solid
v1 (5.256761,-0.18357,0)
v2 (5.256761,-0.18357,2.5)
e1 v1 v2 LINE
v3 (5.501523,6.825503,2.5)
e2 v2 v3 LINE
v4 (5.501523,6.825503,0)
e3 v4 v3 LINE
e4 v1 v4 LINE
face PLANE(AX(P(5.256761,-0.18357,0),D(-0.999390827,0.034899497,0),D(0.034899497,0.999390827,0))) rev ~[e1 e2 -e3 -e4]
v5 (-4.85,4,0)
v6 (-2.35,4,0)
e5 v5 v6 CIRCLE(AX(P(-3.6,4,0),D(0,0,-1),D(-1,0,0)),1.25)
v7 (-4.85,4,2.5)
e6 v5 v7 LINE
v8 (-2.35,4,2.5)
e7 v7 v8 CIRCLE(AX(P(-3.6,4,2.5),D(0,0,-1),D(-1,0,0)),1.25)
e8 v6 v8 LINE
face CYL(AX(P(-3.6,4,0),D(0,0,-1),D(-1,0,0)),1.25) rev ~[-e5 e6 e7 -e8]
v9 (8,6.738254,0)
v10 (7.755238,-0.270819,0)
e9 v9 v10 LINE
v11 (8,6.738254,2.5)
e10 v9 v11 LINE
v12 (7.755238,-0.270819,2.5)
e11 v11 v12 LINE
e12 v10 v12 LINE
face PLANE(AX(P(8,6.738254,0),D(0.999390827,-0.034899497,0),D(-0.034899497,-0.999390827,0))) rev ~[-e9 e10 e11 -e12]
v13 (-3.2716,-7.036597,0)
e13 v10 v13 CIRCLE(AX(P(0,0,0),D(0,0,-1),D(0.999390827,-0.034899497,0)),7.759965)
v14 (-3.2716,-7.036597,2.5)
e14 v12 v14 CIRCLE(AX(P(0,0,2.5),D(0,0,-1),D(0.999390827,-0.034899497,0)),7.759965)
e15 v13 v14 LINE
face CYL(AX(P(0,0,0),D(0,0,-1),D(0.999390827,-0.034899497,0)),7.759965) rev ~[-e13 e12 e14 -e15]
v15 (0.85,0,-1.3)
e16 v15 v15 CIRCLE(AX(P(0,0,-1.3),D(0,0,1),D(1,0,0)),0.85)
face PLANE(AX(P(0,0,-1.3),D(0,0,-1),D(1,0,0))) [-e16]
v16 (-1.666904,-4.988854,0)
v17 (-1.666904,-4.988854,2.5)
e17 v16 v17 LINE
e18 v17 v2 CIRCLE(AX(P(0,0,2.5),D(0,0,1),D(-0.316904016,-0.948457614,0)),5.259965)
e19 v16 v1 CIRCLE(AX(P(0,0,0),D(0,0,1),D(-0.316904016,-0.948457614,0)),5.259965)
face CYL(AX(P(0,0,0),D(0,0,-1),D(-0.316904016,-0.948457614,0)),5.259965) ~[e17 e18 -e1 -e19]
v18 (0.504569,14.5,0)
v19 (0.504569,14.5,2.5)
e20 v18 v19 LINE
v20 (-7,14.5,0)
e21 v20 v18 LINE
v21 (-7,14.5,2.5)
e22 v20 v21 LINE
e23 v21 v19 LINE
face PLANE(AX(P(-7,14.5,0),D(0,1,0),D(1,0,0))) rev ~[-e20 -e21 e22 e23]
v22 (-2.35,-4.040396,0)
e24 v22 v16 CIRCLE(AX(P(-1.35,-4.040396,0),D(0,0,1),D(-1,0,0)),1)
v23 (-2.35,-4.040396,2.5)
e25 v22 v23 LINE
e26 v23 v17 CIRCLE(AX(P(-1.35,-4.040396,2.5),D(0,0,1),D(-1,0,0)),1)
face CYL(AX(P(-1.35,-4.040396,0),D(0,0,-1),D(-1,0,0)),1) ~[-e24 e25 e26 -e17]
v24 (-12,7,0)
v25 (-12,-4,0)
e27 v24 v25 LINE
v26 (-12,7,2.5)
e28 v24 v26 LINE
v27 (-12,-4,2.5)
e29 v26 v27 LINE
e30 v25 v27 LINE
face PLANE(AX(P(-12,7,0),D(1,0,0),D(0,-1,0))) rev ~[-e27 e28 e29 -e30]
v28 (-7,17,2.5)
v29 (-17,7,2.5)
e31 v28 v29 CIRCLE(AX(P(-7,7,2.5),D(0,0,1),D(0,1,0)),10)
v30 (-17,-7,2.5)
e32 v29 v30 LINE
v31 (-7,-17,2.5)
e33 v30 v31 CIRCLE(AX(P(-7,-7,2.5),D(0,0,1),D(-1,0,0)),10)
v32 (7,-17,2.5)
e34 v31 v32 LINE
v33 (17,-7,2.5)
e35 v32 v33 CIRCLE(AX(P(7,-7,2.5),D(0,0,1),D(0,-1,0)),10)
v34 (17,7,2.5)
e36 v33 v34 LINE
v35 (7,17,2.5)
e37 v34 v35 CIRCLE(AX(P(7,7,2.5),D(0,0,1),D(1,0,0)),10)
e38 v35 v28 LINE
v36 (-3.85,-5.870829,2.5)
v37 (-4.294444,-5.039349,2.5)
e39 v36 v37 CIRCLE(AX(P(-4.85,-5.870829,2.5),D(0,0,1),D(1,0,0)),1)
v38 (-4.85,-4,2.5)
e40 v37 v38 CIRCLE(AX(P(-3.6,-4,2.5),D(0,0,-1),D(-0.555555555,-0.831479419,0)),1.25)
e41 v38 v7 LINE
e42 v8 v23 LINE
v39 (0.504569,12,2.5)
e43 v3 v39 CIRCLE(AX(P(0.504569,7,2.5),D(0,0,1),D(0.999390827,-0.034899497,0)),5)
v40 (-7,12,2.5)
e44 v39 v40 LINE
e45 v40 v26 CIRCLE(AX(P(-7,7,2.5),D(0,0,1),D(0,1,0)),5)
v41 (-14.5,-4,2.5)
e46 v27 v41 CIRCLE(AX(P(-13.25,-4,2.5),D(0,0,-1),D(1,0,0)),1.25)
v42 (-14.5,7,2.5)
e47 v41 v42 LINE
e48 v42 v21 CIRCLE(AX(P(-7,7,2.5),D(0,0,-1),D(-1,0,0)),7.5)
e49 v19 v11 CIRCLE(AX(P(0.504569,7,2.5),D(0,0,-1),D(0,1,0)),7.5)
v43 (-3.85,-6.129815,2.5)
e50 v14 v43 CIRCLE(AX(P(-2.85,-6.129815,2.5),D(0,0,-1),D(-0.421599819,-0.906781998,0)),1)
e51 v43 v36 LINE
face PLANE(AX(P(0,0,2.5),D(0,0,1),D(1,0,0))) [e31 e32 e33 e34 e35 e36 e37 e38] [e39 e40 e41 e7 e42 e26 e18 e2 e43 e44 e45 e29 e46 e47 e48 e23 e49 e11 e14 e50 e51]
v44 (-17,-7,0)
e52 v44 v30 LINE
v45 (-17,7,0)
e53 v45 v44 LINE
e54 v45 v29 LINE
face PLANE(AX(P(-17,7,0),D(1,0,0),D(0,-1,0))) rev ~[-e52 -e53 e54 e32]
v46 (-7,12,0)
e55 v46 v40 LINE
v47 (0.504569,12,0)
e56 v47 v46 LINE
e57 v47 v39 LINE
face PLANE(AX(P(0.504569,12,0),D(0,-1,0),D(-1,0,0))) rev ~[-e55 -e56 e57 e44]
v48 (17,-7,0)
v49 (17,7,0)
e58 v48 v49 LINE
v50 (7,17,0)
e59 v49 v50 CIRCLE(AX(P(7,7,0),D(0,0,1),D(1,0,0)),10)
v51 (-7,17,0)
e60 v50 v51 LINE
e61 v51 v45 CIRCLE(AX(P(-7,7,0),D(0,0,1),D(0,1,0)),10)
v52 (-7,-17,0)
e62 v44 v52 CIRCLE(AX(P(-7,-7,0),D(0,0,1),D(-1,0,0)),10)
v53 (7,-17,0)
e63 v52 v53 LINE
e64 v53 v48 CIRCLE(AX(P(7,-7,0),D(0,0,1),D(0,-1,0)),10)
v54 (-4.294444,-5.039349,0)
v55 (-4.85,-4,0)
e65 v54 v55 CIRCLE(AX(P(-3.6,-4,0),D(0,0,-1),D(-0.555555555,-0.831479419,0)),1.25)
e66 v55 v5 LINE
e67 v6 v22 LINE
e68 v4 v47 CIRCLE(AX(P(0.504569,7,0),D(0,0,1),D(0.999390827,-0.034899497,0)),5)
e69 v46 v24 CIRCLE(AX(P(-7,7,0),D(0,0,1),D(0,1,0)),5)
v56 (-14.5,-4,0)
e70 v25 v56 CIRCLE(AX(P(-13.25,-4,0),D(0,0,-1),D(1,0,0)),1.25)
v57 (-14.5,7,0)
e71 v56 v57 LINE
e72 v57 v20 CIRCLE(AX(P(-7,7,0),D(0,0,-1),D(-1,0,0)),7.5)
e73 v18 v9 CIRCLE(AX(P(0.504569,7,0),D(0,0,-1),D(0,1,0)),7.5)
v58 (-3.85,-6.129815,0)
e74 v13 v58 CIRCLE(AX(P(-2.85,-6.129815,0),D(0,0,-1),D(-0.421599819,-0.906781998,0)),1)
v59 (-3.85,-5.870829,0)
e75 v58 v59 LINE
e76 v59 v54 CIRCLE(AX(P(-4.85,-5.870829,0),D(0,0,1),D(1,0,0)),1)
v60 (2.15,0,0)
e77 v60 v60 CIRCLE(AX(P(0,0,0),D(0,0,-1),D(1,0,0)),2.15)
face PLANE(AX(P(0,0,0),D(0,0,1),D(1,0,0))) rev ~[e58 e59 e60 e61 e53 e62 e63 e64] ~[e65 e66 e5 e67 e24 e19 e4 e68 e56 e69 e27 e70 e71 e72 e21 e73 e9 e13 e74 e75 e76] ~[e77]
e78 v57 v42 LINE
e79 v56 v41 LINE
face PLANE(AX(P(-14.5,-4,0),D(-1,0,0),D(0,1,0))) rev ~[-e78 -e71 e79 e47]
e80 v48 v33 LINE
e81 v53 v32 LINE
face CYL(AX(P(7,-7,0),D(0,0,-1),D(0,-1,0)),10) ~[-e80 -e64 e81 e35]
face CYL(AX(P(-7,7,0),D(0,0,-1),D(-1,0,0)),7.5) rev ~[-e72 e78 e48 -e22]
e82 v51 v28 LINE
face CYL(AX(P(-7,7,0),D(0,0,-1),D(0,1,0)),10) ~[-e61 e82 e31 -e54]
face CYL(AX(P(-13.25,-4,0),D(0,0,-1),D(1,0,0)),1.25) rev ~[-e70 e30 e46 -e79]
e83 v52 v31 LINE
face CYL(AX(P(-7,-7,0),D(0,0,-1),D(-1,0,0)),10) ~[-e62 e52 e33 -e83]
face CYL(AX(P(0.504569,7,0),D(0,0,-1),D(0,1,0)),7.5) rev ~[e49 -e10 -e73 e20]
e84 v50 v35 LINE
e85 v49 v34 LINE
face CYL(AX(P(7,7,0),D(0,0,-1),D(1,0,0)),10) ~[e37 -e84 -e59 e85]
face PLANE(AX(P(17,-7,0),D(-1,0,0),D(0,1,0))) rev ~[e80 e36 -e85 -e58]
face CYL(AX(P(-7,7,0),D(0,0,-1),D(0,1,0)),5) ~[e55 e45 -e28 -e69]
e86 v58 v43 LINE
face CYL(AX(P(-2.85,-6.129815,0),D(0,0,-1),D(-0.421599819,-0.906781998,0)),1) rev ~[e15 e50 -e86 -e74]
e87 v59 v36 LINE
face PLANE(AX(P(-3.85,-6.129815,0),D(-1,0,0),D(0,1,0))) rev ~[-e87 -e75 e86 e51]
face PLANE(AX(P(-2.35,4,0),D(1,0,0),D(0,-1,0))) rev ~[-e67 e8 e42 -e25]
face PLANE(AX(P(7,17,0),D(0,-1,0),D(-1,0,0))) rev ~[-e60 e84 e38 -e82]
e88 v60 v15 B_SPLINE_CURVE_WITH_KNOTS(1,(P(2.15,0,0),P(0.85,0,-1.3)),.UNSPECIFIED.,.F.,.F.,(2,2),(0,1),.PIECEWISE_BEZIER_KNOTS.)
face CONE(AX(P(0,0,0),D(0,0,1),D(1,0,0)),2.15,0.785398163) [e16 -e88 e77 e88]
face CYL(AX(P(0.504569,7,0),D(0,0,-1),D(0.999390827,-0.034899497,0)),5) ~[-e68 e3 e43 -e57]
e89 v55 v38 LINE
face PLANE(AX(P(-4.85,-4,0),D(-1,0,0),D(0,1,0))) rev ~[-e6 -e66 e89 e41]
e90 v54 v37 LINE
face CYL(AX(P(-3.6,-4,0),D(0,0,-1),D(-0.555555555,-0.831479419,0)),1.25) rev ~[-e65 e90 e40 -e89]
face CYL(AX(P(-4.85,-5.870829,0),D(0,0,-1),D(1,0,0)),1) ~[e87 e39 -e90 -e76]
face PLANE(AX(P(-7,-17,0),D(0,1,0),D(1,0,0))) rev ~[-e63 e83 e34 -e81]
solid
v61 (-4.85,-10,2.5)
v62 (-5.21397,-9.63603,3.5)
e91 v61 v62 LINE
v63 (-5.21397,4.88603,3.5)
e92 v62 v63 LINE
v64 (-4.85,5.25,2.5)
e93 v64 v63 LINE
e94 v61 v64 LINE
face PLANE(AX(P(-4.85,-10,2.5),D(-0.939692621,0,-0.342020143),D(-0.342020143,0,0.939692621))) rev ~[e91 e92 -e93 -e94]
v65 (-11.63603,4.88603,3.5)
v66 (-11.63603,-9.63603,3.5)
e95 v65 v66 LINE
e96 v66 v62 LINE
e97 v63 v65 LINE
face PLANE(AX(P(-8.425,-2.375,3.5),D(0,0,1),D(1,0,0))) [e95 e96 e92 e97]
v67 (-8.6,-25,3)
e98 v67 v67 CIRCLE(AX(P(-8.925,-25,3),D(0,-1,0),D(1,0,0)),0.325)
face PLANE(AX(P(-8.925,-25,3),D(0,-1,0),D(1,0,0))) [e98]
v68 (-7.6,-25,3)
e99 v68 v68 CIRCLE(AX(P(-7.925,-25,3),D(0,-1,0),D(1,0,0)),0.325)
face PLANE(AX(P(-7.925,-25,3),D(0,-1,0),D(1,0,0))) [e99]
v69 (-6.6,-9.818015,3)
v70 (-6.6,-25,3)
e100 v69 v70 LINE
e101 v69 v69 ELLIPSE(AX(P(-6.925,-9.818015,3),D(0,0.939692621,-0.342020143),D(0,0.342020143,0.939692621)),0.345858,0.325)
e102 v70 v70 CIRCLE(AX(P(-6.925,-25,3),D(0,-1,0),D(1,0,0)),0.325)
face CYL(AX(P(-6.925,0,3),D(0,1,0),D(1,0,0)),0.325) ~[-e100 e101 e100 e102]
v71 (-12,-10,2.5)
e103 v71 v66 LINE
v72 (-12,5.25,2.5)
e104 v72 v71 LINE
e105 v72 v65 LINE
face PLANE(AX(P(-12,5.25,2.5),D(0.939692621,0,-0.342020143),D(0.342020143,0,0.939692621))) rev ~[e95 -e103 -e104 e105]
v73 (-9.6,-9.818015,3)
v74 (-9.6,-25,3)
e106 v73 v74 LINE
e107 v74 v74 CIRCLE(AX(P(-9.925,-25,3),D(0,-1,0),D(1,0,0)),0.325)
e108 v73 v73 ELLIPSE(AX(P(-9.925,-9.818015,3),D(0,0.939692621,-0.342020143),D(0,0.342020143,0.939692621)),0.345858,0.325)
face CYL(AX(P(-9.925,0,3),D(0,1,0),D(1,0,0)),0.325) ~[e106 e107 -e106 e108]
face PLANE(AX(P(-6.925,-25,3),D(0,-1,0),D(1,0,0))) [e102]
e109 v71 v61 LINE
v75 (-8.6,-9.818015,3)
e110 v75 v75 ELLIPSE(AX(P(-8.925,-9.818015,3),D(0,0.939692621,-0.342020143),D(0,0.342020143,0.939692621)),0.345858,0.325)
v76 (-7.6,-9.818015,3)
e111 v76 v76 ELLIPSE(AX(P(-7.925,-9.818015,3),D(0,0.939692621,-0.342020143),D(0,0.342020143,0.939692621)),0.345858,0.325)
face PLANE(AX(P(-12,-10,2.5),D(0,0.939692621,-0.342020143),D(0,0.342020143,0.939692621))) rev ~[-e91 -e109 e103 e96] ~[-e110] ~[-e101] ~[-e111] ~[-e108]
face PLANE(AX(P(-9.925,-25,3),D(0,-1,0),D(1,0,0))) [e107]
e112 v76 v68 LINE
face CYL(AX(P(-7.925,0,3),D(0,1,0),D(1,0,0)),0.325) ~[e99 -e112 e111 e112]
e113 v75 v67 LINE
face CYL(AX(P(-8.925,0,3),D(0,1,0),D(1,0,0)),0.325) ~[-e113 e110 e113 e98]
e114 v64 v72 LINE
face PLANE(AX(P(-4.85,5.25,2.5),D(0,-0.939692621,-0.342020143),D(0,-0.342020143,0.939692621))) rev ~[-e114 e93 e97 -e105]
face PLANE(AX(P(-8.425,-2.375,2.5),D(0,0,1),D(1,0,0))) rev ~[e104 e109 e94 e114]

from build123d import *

# Parameters (mm, degrees)
F1_DEPTH = 2.5
F3_DEPTH = 1
F3_TAPER = 20
F4_R     = 0.325
F5_DEPTH = 25
F6_R     = 2.15
F7_DEPTH = 1.3
F7_TAPER = 45


with BuildPart() as f1:
    # F0 (on Top) → F1 (new body)
    with BuildSketch(Plane.XY):
        with BuildLine():
            Line((-7, -17), (7, -17))
            ThreePointArc((7, -17), (14.0710678119, -14.0710678119), (17, -7))
            Line((17, -7), (17, 7))
            ThreePointArc((17, 7), (14.0710678119, 14.0710678119), (7, 17))
            Line((7, 17), (-7, 17))
            ThreePointArc((-7, 17), (-14.0710678119, 14.0710678119), (-17, 7))
            Line((-17, 7), (-17, -7))
            ThreePointArc((-17, -7), (-14.0710678119, -14.0710678119), (-7, -17))
        make_face()
        with BuildLine():
            Line((-7, 14.5), (0.5045687974, 14.5))
            ThreePointArc((0.5045687974, 14.5), (5.8996172999, 12.2099377784), (8, 6.7382537747))
            Line((8, 6.7382537747), (7.7552377898, -0.2708188712))
            ThreePointArc((7.7552377898, -0.2708188712), (4.0582864832, -6.6141792278), (-3.271599819, -7.0365965254))
            ThreePointArc((-3.271599819, -7.0365965254), (-3.6930895027, -6.6675877975), (-3.85, -6.129814527))
            Line((-3.85, -6.129814527), (-3.85, -5.8708286934))
            ThreePointArc((-3.85, -5.8708286934), (-3.9680828963, -5.3994241726), (-4.2944444444, -5.0393492741))
            ThreePointArc((-4.2944444444, -5.0393492741), (-4.7023963796, -4.589255651), (-4.85, -4))
            Line((-4.85, -4), (-4.85, 4))
            ThreePointArc((-4.85, 4), (-3.6, 5.25), (-2.35, 4))
            Line((-2.35, 4), (-2.35, -4.0403961912))
            ThreePointArc((-2.35, -4.0403961912), (-2.1614505579, -4.6248172655), (-1.6669040158, -4.9888538048))
            ThreePointArc((-1.6669040158, -4.9888538048), (2.9990757899, -4.3212007232), (5.2567607222, -0.1835701295))
            Line((5.2567607222, -0.1835701295), (5.5015229325, 6.8255025165))
            ThreePointArc((5.5015229325, 6.8255025165), (4.1012677991, 10.4732918523), (0.5045687974, 12))
            Line((0.5045687974, 12), (-7, 12))
            ThreePointArc((-7, 12), (-10.5355339059, 10.5355339059), (-12, 7))
            Line((-12, 7), (-12, -4))
            ThreePointArc((-12, -4), (-13.25, -5.25), (-14.5, -4))
            Line((-14.5, -4), (-14.5, 7))
            ThreePointArc((-14.5, 7), (-12.3033008589, 12.3033008589), (-7, 14.5))
        make_face(mode=Mode.SUBTRACT)
    extrude(amount=F1_DEPTH)

    # F6 (on face) → F7 (join)
    with BuildSketch(Plane(origin=(0, 0, 0), x_dir=(1, 0, 0), z_dir=(0, 0, -1))):
        Circle(F6_R)
    extrude(amount=F7_DEPTH, taper=F7_TAPER)


with BuildPart() as f3:
    # F2 (on face) → F3 (new body)
    with BuildSketch(Plane.XY.offset(2.5)):
        Polygon((-12, 5.25), (-12, -4), (-12, -10), (-4.85, -10), (-4.85, -4), (-4.85, 4), (-4.85, 5.25), align=None)
    extrude(amount=F3_DEPTH, taper=F3_TAPER)

    # F4 (on Front) → F5 (join)
    with BuildSketch(Plane.XZ):
        with Locations((-9.925, 3)):
            Circle(F4_R)
        with Locations((-8.925, 3)):
            Circle(F4_R)
        with Locations((-7.925, 3)):
            Circle(F4_R)
        with Locations((-6.925, 3)):
            Circle(F4_R)
    extrude(amount=F5_DEPTH)


solid = Compound([f1.part, f3.part])
